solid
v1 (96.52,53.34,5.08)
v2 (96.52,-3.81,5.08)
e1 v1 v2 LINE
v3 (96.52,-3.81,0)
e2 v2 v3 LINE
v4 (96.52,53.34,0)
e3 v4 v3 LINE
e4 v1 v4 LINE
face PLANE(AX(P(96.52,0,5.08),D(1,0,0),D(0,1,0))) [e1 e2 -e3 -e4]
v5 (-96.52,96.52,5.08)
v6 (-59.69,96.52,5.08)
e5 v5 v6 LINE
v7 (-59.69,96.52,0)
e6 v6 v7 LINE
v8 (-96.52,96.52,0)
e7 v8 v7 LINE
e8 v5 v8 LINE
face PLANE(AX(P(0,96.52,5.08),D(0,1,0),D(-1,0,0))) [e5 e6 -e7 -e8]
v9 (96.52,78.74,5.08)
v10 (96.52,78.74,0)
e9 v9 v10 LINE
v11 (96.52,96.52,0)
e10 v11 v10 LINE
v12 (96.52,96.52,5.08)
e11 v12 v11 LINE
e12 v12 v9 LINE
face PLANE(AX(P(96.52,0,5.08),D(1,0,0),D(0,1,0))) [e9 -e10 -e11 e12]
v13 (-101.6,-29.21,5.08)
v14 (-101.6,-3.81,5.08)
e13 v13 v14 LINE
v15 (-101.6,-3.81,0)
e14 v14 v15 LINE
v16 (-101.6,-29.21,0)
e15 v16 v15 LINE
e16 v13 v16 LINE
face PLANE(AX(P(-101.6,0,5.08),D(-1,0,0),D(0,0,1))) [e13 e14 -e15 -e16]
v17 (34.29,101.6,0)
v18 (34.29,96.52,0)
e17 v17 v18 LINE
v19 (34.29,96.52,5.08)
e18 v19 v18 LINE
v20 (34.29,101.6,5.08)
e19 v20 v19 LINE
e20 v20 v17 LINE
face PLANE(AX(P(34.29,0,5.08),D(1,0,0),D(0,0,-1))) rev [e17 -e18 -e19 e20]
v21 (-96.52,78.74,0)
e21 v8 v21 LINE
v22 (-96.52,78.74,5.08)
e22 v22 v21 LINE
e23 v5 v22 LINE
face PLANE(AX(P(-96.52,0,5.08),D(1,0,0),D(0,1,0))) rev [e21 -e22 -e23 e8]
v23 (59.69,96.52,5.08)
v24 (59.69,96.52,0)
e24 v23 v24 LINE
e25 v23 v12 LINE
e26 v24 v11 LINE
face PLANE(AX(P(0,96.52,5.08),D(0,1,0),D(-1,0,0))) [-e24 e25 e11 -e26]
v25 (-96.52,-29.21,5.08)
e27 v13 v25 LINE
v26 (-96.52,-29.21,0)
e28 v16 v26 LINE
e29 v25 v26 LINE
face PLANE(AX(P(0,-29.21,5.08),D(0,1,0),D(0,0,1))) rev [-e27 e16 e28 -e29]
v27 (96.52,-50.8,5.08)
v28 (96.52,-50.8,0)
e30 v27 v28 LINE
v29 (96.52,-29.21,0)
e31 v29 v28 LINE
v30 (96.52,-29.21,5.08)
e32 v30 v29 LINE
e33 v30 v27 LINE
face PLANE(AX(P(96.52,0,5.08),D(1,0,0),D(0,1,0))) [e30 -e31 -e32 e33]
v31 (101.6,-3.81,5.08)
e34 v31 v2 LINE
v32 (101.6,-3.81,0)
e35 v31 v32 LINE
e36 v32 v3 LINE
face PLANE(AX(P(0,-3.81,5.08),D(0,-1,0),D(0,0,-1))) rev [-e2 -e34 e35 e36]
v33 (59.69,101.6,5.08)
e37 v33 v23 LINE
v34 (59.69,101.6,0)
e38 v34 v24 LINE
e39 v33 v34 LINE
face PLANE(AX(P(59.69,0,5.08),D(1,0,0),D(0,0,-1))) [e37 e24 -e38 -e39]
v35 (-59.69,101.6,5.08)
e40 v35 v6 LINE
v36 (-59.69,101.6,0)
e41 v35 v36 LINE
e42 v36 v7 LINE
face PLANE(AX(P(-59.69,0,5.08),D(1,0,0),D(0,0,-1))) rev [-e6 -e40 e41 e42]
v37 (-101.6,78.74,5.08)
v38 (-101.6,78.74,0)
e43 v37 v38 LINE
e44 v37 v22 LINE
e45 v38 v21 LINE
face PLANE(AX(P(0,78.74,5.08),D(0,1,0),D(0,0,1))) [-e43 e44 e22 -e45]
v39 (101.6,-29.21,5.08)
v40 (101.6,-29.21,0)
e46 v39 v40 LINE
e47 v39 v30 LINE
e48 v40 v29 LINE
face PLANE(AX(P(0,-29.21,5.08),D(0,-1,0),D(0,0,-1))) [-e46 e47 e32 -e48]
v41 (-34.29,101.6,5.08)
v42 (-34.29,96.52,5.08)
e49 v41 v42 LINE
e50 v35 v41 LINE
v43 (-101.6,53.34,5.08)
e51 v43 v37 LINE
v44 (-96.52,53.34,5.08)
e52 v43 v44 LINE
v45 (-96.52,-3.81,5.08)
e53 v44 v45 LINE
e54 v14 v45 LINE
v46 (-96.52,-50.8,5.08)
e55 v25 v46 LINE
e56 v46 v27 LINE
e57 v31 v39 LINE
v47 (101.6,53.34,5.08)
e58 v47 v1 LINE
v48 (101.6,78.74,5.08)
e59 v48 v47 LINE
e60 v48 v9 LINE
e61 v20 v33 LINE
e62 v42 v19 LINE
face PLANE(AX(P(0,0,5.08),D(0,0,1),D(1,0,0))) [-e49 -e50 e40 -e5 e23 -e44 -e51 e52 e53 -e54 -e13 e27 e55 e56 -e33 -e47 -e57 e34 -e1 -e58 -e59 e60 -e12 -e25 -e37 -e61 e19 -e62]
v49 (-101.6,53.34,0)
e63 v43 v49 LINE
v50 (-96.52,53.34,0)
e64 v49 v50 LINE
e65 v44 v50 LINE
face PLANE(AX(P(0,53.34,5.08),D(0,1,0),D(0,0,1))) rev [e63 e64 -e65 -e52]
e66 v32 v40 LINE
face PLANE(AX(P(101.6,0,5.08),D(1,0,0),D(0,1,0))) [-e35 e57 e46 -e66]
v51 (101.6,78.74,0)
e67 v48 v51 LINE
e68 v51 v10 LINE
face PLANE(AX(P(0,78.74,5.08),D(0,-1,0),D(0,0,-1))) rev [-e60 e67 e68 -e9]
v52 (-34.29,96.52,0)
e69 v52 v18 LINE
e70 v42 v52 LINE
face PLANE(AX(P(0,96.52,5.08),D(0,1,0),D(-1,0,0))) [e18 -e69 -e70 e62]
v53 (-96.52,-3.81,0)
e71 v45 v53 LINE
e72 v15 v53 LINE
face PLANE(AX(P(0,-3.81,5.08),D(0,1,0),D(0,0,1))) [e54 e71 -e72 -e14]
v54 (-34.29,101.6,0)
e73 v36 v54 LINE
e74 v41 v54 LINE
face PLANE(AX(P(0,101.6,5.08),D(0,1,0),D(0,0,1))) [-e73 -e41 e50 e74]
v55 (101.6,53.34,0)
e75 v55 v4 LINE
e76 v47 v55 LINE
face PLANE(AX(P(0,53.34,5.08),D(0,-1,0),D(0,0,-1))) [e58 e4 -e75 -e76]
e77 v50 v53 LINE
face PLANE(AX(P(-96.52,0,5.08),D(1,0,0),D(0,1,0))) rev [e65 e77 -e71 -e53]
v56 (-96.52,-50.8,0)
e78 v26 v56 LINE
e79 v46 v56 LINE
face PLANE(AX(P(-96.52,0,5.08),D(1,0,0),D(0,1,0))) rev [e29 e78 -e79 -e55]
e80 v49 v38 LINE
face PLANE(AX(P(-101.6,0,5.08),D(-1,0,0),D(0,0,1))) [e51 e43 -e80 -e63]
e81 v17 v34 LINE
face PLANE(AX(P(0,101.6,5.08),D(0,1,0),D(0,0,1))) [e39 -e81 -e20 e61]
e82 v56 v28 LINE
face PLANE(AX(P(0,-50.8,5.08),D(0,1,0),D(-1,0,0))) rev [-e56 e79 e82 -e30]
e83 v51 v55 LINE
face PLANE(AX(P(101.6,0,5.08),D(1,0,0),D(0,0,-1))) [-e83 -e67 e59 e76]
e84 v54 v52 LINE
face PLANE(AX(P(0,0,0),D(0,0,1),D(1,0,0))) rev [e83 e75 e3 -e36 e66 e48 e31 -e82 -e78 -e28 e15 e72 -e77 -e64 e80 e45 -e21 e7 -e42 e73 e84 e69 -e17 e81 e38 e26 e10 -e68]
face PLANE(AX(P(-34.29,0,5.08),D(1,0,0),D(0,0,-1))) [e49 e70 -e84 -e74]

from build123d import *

# Parameters (mm, degrees)
SKETCH1_W           = 193.04
SKETCH1_H           = 147.32
SKETCH1_W_2         = 25.4
SKETCH1_H_2         = 5.08
SKETCH1_W_3         = 5.08
SKETCH1_H_3         = 25.4
BOSS_EXTRUDE2_DEPTH = 5.08


with BuildPart() as part:
    # Sketch1 → Boss-Extrude2 (new body)
    with BuildSketch(Plane.XY):
        with Locations((0, 22.86)):
            Rectangle(SKETCH1_W, SKETCH1_H)
        with Locations((-46.99, 99.06)):
            Rectangle(SKETCH1_W_2, SKETCH1_H_2)
        with Locations((46.99, 99.06)):
            Rectangle(SKETCH1_W_2, SKETCH1_H_2)
        with Locations((99.06, 66.04)):
            Rectangle(SKETCH1_W_3, SKETCH1_H_3)
        with Locations((99.06, -16.51)):
            Rectangle(SKETCH1_W_3, SKETCH1_H_3)
        with Locations((-99.06, -16.51)):
            Rectangle(SKETCH1_W_3, SKETCH1_H_3)
        with Locations((-99.06, 66.04)):
            Rectangle(SKETCH1_W_3, SKETCH1_H_3)
    extrude(amount=BOSS_EXTRUDE2_DEPTH)


solid = part.part
